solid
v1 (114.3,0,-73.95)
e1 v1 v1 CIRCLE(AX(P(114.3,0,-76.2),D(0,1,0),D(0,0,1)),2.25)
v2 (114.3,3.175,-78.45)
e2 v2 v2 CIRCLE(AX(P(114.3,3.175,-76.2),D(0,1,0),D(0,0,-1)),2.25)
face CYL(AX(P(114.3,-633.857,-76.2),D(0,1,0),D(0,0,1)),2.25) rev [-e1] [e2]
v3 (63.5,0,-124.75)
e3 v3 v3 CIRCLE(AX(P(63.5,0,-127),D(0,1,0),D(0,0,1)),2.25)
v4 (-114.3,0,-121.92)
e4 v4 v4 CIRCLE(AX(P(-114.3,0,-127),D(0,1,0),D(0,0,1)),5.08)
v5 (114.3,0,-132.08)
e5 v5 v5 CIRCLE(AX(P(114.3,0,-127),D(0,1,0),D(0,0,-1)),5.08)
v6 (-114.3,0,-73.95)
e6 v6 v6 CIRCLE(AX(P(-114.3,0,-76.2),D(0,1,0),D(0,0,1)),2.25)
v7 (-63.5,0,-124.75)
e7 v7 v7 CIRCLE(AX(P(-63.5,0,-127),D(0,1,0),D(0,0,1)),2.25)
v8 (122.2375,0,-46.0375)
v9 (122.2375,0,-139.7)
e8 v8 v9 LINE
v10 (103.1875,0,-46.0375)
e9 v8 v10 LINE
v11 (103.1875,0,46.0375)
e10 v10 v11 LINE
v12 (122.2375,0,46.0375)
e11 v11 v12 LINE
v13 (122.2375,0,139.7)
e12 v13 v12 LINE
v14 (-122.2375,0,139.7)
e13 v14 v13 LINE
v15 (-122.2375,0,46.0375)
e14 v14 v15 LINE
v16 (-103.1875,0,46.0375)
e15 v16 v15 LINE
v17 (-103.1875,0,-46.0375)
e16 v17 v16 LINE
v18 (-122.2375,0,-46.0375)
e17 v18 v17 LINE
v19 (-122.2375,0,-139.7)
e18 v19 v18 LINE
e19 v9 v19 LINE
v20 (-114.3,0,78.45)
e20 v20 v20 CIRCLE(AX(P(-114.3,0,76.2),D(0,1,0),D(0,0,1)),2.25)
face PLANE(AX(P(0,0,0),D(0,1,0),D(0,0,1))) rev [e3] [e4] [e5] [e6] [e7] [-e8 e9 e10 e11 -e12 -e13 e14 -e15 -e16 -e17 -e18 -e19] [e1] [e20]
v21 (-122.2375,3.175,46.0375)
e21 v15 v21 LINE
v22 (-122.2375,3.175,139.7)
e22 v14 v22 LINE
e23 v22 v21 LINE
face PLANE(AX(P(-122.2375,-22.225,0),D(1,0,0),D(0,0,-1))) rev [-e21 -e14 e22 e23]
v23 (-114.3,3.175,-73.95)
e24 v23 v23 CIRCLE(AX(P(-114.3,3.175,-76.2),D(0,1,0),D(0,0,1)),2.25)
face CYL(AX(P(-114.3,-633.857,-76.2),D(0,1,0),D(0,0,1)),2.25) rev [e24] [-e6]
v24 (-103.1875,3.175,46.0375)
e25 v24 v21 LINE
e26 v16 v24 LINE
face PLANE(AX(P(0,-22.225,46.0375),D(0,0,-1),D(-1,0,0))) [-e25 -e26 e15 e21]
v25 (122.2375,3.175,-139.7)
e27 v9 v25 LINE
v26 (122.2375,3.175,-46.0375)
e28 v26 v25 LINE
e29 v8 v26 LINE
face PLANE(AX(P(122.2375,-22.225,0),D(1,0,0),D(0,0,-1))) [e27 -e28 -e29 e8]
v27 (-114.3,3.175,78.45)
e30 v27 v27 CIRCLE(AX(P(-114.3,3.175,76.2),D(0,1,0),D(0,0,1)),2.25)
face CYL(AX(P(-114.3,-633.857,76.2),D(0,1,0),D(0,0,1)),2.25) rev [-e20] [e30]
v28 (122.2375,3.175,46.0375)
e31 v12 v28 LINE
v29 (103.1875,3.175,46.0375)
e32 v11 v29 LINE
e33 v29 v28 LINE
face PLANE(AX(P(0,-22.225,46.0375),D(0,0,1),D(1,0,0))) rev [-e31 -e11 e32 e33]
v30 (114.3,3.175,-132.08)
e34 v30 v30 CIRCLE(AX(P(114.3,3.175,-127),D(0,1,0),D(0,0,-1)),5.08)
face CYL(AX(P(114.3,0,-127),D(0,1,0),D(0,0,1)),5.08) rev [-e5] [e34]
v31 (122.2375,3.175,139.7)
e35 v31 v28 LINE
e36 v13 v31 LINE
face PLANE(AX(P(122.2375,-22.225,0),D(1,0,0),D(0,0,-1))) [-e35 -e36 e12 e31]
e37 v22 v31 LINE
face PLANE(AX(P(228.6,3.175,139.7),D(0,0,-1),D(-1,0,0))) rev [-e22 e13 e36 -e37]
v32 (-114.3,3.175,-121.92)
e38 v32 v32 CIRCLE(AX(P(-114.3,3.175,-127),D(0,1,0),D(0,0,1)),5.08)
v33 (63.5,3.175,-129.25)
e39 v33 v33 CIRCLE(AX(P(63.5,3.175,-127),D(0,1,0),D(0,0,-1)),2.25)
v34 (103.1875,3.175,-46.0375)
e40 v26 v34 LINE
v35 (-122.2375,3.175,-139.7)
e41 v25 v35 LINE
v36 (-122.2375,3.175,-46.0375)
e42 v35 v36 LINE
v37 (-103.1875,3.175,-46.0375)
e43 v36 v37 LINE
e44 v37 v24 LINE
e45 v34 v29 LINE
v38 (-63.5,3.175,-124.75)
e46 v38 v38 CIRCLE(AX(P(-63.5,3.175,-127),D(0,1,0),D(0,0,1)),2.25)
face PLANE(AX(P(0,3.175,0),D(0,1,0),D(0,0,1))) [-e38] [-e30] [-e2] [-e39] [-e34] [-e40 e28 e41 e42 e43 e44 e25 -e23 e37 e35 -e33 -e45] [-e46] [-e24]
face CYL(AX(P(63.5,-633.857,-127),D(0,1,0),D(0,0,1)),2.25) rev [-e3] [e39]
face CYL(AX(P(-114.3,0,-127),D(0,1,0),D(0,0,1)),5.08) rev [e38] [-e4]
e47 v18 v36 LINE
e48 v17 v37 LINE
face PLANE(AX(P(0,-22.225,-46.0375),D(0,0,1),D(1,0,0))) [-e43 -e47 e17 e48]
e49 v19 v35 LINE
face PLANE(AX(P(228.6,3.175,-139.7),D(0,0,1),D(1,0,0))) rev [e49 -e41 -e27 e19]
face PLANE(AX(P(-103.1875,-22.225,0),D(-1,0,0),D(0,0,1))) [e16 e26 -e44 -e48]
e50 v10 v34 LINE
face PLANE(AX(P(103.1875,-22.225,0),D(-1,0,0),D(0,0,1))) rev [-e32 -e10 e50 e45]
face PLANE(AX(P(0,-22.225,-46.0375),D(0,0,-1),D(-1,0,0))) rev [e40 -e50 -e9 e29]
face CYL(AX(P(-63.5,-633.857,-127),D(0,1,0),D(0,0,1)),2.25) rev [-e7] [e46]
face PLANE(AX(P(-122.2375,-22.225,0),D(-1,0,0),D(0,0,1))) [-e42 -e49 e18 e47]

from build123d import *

# Parameters (mm, degrees)
SKETCH1_W           = 457.2
SKETCH1_H           = 279.4
BOSS_EXTRUDE1_DEPTH = 3.175
SKETCH2_R           = 5.08
CUT_EXTRUDE1_DEPTH  = 3.175
SKETCH4_R           = 2.25
CUT_EXTRUDE3_DEPTH  = 25.4
SKETCH6_R           = 2.25
CUT_EXTRUDE5_DEPTH  = 637.032
SKETCH7_R           = 5.08
SKETCH7_R_2         = 2.25
SKETCH7_W           = 1.5875
SKETCH7_H           = 31.75
CUT_EXTRUDE6_DEPTH  = 25.4


with BuildPart() as part:
    # Sketch1 → Boss-Extrude1 (new body)
    with BuildSketch(Plane(origin=(0, 0, 0), x_dir=(1, 0, 0), z_dir=(0, 1, 0))):
        Rectangle(SKETCH1_W, SKETCH1_H)
    extrude(amount=BOSS_EXTRUDE1_DEPTH)

    # Sketch2 → Cut-Extrude1 (cut)
    with BuildSketch(Plane(origin=(0, 3.175, 0), x_dir=(1, 0, 0), z_dir=(0, 1, 0))):
        with Locations((-114.3, 127)):
            Circle(SKETCH2_R)
        with Locations((114.3, 127)):
            Circle(SKETCH2_R)
        with Locations((-215.9, -127)):
            Circle(SKETCH2_R)
        with Locations((215.9, -127)):
            Circle(SKETCH2_R)
        with BuildLine():
            Line((-212.307897552, 130.592102448), (-205.957897552, 124.242102448))
            ThreePointArc((-205.957897552, 124.242102448), (-205.957897552, 117.057897552), (-213.142102448, 117.057897552))
            Line((-213.142102448, 117.057897552), (-219.492102448, 123.407897552))
            ThreePointArc((-219.492102448, 123.407897552), (-219.492102448, 130.592102448), (-212.307897552, 130.592102448))
        make_face()
        with BuildLine():
            Line((212.307897552, 130.592102448), (205.957897552, 124.242102448))
            ThreePointArc((205.957897552, 124.242102448), (205.957897552, 117.057897552), (213.142102448, 117.057897552))
            Line((213.142102448, 117.057897552), (219.492102448, 123.407897552))
            ThreePointArc((219.492102448, 123.407897552), (219.492102448, 130.592102448), (212.307897552, 130.592102448))
        make_face()
    extrude(amount=-CUT_EXTRUDE1_DEPTH, mode=Mode.SUBTRACT)

    # Sketch4 → Cut-Extrude3 (cut)
    with BuildSketch(Plane(origin=(0, 3.175, 0), x_dir=(1, 0, 0), z_dir=(0, 1, 0))):
        with Locations((-196.85, 127)):
            Circle(SKETCH4_R)
        with Locations((-215.9, 107.95)):
            Circle(SKETCH4_R)
        with Locations((196.85, 127)):
            Circle(SKETCH4_R)
        with Locations((215.9, 107.95)):
            Circle(SKETCH4_R)
    extrude(amount=-CUT_EXTRUDE3_DEPTH, mode=Mode.SUBTRACT)

    # Sketch6 → Cut-Extrude5 (cut)
    with BuildSketch(Plane(origin=(0, 3.175, 0), x_dir=(1, 0, 0), z_dir=(0, 1, 0))):
        with Locations((-215.9, 76.2)):
            Circle(SKETCH6_R)
        with Locations((-215.9, 0)):
            Circle(SKETCH6_R)
        with Locations((-215.9, -88.9)):
            Circle(SKETCH6_R)
        with Locations((-114.3, -76.2)):
            Circle(SKETCH6_R)
        with Locations((-114.3, 76.2)):
            Circle(SKETCH6_R)
        with Locations((-63.5, 127)):
            Circle(SKETCH6_R)
        with Locations((63.5, 127)):
            Circle(SKETCH6_R)
        with Locations((114.3, 76.2)):
            Circle(SKETCH6_R)
        with Locations((215.9, -88.9)):
            Circle(SKETCH6_R)
        with Locations((215.9, 0)):
            Circle(SKETCH6_R)
        with Locations((215.9, 76.2)):
            Circle(SKETCH6_R)
    extrude(amount=-CUT_EXTRUDE5_DEPTH, mode=Mode.SUBTRACT)

    # Sketch7 → Cut-Extrude6 (cut)
    with BuildSketch(Plane(origin=(0, 3.175, 0), x_dir=(1, 0, 0), z_dir=(0, 1, 0))):
        Polygon((-104.775, -44.45), (-104.775, 44.45), (-123.825, 44.45), (-123.825, 107.95), (-123.825, 139.7), (-228.6, 139.7), (-228.6, -139.7), (-123.825, -139.7), (-123.825, -107.95), (-123.825, -44.45), align=None)
        with Locations((-215.9, -127)):
            Circle(SKETCH7_R, mode=Mode.SUBTRACT)
        with Locations((-215.9, -88.9)):
            Circle(SKETCH7_R_2, mode=Mode.SUBTRACT)
        with Locations((-215.9, 0)):
            Circle(SKETCH7_R_2, mode=Mode.SUBTRACT)
        with Locations((-114.3, -19.05)):
            Circle(SKETCH7_R_2, mode=Mode.SUBTRACT)
        with Locations((-114.3, 19.05)):
            Circle(SKETCH7_R_2, mode=Mode.SUBTRACT)
        with Locations((-215.9, 76.2)):
            Circle(SKETCH7_R_2, mode=Mode.SUBTRACT)
        with Locations((-215.9, 107.95)):
            Circle(SKETCH7_R_2, mode=Mode.SUBTRACT)
        with BuildLine():
            Line((-213.142102448, 117.057897552), (-219.492102448, 123.407897552))
            ThreePointArc((-219.492102448, 123.407897552), (-219.492102448, 130.592102448), (-212.307897552, 130.592102448))
            Line((-212.307897552, 130.592102448), (-205.957897552, 124.242102448))
            ThreePointArc((-205.957897552, 124.242102448), (-205.957897552, 117.057897552), (-213.142102448, 117.057897552))
        make_face(mode=Mode.SUBTRACT)
        with Locations((-196.85, 127)):
            Circle(SKETCH7_R_2, mode=Mode.SUBTRACT)
        Polygon((228.6, 139.7), (122.2375, 139.7), (122.2375, 107.95), (122.2375, 46.0375), (103.1875, 46.0375), (103.1875, -46.0375), (122.2375, -46.0375), (122.2375, -107.95), (122.2375, -139.7), (228.6, -139.7), align=None)
        with Locations((215.9, -127)):
            Circle(SKETCH7_R, mode=Mode.SUBTRACT)
        with Locations((215.9, -88.9)):
            Circle(SKETCH7_R_2, mode=Mode.SUBTRACT)
        with Locations((215.9, 0)):
            Circle(SKETCH7_R_2, mode=Mode.SUBTRACT)
        with Locations((215.9, 76.2)):
            Circle(SKETCH7_R_2, mode=Mode.SUBTRACT)
        with Locations((215.9, 107.95)):
            Circle(SKETCH7_R_2, mode=Mode.SUBTRACT)
        with Locations((196.85, 127)):
            Circle(SKETCH7_R_2, mode=Mode.SUBTRACT)
        with BuildLine():
            Line((205.957897552, 124.242102448), (212.307897552, 130.592102448))
            ThreePointArc((212.307897552, 130.592102448), (219.492102448, 130.592102448), (219.492102448, 123.407897552))
            Line((219.492102448, 123.407897552), (213.142102448, 117.057897552))
            ThreePointArc((213.142102448, 117.057897552), (205.957897552, 117.057897552), (205.957897552, 124.242102448))
        make_face(mode=Mode.SUBTRACT)
        Polygon((-123.825, 44.45), (-104.775, 44.45), (-104.775, 46.0375), (-122.2375, 46.0375), (-122.2375, 107.95), (-122.2375, 139.7), (-123.825, 139.7), (-123.825, 107.95), align=None)
        Polygon((-104.775, 46.0375), (-104.775, 44.45), (-104.775, -44.45), (-104.775, -46.0375), (-103.1875, -46.0375), (-103.1875, 46.0375), align=None)
        Polygon((-104.775, -46.0375), (-104.775, -44.45), (-123.825, -44.45), (-123.825, -107.95), (-122.2375, -107.95), (-122.2375, -46.0375), align=None)
        with Locations((-123.03125, -123.825)):
            Rectangle(SKETCH7_W, SKETCH7_H)
        with Locations((-114.3, 19.05)):
            Circle(SKETCH7_R_2)
        with Locations((-114.3, -19.05)):
            Circle(SKETCH7_R_2)
    extrude(amount=-CUT_EXTRUDE6_DEPTH, mode=Mode.SUBTRACT)


solid = part.part
